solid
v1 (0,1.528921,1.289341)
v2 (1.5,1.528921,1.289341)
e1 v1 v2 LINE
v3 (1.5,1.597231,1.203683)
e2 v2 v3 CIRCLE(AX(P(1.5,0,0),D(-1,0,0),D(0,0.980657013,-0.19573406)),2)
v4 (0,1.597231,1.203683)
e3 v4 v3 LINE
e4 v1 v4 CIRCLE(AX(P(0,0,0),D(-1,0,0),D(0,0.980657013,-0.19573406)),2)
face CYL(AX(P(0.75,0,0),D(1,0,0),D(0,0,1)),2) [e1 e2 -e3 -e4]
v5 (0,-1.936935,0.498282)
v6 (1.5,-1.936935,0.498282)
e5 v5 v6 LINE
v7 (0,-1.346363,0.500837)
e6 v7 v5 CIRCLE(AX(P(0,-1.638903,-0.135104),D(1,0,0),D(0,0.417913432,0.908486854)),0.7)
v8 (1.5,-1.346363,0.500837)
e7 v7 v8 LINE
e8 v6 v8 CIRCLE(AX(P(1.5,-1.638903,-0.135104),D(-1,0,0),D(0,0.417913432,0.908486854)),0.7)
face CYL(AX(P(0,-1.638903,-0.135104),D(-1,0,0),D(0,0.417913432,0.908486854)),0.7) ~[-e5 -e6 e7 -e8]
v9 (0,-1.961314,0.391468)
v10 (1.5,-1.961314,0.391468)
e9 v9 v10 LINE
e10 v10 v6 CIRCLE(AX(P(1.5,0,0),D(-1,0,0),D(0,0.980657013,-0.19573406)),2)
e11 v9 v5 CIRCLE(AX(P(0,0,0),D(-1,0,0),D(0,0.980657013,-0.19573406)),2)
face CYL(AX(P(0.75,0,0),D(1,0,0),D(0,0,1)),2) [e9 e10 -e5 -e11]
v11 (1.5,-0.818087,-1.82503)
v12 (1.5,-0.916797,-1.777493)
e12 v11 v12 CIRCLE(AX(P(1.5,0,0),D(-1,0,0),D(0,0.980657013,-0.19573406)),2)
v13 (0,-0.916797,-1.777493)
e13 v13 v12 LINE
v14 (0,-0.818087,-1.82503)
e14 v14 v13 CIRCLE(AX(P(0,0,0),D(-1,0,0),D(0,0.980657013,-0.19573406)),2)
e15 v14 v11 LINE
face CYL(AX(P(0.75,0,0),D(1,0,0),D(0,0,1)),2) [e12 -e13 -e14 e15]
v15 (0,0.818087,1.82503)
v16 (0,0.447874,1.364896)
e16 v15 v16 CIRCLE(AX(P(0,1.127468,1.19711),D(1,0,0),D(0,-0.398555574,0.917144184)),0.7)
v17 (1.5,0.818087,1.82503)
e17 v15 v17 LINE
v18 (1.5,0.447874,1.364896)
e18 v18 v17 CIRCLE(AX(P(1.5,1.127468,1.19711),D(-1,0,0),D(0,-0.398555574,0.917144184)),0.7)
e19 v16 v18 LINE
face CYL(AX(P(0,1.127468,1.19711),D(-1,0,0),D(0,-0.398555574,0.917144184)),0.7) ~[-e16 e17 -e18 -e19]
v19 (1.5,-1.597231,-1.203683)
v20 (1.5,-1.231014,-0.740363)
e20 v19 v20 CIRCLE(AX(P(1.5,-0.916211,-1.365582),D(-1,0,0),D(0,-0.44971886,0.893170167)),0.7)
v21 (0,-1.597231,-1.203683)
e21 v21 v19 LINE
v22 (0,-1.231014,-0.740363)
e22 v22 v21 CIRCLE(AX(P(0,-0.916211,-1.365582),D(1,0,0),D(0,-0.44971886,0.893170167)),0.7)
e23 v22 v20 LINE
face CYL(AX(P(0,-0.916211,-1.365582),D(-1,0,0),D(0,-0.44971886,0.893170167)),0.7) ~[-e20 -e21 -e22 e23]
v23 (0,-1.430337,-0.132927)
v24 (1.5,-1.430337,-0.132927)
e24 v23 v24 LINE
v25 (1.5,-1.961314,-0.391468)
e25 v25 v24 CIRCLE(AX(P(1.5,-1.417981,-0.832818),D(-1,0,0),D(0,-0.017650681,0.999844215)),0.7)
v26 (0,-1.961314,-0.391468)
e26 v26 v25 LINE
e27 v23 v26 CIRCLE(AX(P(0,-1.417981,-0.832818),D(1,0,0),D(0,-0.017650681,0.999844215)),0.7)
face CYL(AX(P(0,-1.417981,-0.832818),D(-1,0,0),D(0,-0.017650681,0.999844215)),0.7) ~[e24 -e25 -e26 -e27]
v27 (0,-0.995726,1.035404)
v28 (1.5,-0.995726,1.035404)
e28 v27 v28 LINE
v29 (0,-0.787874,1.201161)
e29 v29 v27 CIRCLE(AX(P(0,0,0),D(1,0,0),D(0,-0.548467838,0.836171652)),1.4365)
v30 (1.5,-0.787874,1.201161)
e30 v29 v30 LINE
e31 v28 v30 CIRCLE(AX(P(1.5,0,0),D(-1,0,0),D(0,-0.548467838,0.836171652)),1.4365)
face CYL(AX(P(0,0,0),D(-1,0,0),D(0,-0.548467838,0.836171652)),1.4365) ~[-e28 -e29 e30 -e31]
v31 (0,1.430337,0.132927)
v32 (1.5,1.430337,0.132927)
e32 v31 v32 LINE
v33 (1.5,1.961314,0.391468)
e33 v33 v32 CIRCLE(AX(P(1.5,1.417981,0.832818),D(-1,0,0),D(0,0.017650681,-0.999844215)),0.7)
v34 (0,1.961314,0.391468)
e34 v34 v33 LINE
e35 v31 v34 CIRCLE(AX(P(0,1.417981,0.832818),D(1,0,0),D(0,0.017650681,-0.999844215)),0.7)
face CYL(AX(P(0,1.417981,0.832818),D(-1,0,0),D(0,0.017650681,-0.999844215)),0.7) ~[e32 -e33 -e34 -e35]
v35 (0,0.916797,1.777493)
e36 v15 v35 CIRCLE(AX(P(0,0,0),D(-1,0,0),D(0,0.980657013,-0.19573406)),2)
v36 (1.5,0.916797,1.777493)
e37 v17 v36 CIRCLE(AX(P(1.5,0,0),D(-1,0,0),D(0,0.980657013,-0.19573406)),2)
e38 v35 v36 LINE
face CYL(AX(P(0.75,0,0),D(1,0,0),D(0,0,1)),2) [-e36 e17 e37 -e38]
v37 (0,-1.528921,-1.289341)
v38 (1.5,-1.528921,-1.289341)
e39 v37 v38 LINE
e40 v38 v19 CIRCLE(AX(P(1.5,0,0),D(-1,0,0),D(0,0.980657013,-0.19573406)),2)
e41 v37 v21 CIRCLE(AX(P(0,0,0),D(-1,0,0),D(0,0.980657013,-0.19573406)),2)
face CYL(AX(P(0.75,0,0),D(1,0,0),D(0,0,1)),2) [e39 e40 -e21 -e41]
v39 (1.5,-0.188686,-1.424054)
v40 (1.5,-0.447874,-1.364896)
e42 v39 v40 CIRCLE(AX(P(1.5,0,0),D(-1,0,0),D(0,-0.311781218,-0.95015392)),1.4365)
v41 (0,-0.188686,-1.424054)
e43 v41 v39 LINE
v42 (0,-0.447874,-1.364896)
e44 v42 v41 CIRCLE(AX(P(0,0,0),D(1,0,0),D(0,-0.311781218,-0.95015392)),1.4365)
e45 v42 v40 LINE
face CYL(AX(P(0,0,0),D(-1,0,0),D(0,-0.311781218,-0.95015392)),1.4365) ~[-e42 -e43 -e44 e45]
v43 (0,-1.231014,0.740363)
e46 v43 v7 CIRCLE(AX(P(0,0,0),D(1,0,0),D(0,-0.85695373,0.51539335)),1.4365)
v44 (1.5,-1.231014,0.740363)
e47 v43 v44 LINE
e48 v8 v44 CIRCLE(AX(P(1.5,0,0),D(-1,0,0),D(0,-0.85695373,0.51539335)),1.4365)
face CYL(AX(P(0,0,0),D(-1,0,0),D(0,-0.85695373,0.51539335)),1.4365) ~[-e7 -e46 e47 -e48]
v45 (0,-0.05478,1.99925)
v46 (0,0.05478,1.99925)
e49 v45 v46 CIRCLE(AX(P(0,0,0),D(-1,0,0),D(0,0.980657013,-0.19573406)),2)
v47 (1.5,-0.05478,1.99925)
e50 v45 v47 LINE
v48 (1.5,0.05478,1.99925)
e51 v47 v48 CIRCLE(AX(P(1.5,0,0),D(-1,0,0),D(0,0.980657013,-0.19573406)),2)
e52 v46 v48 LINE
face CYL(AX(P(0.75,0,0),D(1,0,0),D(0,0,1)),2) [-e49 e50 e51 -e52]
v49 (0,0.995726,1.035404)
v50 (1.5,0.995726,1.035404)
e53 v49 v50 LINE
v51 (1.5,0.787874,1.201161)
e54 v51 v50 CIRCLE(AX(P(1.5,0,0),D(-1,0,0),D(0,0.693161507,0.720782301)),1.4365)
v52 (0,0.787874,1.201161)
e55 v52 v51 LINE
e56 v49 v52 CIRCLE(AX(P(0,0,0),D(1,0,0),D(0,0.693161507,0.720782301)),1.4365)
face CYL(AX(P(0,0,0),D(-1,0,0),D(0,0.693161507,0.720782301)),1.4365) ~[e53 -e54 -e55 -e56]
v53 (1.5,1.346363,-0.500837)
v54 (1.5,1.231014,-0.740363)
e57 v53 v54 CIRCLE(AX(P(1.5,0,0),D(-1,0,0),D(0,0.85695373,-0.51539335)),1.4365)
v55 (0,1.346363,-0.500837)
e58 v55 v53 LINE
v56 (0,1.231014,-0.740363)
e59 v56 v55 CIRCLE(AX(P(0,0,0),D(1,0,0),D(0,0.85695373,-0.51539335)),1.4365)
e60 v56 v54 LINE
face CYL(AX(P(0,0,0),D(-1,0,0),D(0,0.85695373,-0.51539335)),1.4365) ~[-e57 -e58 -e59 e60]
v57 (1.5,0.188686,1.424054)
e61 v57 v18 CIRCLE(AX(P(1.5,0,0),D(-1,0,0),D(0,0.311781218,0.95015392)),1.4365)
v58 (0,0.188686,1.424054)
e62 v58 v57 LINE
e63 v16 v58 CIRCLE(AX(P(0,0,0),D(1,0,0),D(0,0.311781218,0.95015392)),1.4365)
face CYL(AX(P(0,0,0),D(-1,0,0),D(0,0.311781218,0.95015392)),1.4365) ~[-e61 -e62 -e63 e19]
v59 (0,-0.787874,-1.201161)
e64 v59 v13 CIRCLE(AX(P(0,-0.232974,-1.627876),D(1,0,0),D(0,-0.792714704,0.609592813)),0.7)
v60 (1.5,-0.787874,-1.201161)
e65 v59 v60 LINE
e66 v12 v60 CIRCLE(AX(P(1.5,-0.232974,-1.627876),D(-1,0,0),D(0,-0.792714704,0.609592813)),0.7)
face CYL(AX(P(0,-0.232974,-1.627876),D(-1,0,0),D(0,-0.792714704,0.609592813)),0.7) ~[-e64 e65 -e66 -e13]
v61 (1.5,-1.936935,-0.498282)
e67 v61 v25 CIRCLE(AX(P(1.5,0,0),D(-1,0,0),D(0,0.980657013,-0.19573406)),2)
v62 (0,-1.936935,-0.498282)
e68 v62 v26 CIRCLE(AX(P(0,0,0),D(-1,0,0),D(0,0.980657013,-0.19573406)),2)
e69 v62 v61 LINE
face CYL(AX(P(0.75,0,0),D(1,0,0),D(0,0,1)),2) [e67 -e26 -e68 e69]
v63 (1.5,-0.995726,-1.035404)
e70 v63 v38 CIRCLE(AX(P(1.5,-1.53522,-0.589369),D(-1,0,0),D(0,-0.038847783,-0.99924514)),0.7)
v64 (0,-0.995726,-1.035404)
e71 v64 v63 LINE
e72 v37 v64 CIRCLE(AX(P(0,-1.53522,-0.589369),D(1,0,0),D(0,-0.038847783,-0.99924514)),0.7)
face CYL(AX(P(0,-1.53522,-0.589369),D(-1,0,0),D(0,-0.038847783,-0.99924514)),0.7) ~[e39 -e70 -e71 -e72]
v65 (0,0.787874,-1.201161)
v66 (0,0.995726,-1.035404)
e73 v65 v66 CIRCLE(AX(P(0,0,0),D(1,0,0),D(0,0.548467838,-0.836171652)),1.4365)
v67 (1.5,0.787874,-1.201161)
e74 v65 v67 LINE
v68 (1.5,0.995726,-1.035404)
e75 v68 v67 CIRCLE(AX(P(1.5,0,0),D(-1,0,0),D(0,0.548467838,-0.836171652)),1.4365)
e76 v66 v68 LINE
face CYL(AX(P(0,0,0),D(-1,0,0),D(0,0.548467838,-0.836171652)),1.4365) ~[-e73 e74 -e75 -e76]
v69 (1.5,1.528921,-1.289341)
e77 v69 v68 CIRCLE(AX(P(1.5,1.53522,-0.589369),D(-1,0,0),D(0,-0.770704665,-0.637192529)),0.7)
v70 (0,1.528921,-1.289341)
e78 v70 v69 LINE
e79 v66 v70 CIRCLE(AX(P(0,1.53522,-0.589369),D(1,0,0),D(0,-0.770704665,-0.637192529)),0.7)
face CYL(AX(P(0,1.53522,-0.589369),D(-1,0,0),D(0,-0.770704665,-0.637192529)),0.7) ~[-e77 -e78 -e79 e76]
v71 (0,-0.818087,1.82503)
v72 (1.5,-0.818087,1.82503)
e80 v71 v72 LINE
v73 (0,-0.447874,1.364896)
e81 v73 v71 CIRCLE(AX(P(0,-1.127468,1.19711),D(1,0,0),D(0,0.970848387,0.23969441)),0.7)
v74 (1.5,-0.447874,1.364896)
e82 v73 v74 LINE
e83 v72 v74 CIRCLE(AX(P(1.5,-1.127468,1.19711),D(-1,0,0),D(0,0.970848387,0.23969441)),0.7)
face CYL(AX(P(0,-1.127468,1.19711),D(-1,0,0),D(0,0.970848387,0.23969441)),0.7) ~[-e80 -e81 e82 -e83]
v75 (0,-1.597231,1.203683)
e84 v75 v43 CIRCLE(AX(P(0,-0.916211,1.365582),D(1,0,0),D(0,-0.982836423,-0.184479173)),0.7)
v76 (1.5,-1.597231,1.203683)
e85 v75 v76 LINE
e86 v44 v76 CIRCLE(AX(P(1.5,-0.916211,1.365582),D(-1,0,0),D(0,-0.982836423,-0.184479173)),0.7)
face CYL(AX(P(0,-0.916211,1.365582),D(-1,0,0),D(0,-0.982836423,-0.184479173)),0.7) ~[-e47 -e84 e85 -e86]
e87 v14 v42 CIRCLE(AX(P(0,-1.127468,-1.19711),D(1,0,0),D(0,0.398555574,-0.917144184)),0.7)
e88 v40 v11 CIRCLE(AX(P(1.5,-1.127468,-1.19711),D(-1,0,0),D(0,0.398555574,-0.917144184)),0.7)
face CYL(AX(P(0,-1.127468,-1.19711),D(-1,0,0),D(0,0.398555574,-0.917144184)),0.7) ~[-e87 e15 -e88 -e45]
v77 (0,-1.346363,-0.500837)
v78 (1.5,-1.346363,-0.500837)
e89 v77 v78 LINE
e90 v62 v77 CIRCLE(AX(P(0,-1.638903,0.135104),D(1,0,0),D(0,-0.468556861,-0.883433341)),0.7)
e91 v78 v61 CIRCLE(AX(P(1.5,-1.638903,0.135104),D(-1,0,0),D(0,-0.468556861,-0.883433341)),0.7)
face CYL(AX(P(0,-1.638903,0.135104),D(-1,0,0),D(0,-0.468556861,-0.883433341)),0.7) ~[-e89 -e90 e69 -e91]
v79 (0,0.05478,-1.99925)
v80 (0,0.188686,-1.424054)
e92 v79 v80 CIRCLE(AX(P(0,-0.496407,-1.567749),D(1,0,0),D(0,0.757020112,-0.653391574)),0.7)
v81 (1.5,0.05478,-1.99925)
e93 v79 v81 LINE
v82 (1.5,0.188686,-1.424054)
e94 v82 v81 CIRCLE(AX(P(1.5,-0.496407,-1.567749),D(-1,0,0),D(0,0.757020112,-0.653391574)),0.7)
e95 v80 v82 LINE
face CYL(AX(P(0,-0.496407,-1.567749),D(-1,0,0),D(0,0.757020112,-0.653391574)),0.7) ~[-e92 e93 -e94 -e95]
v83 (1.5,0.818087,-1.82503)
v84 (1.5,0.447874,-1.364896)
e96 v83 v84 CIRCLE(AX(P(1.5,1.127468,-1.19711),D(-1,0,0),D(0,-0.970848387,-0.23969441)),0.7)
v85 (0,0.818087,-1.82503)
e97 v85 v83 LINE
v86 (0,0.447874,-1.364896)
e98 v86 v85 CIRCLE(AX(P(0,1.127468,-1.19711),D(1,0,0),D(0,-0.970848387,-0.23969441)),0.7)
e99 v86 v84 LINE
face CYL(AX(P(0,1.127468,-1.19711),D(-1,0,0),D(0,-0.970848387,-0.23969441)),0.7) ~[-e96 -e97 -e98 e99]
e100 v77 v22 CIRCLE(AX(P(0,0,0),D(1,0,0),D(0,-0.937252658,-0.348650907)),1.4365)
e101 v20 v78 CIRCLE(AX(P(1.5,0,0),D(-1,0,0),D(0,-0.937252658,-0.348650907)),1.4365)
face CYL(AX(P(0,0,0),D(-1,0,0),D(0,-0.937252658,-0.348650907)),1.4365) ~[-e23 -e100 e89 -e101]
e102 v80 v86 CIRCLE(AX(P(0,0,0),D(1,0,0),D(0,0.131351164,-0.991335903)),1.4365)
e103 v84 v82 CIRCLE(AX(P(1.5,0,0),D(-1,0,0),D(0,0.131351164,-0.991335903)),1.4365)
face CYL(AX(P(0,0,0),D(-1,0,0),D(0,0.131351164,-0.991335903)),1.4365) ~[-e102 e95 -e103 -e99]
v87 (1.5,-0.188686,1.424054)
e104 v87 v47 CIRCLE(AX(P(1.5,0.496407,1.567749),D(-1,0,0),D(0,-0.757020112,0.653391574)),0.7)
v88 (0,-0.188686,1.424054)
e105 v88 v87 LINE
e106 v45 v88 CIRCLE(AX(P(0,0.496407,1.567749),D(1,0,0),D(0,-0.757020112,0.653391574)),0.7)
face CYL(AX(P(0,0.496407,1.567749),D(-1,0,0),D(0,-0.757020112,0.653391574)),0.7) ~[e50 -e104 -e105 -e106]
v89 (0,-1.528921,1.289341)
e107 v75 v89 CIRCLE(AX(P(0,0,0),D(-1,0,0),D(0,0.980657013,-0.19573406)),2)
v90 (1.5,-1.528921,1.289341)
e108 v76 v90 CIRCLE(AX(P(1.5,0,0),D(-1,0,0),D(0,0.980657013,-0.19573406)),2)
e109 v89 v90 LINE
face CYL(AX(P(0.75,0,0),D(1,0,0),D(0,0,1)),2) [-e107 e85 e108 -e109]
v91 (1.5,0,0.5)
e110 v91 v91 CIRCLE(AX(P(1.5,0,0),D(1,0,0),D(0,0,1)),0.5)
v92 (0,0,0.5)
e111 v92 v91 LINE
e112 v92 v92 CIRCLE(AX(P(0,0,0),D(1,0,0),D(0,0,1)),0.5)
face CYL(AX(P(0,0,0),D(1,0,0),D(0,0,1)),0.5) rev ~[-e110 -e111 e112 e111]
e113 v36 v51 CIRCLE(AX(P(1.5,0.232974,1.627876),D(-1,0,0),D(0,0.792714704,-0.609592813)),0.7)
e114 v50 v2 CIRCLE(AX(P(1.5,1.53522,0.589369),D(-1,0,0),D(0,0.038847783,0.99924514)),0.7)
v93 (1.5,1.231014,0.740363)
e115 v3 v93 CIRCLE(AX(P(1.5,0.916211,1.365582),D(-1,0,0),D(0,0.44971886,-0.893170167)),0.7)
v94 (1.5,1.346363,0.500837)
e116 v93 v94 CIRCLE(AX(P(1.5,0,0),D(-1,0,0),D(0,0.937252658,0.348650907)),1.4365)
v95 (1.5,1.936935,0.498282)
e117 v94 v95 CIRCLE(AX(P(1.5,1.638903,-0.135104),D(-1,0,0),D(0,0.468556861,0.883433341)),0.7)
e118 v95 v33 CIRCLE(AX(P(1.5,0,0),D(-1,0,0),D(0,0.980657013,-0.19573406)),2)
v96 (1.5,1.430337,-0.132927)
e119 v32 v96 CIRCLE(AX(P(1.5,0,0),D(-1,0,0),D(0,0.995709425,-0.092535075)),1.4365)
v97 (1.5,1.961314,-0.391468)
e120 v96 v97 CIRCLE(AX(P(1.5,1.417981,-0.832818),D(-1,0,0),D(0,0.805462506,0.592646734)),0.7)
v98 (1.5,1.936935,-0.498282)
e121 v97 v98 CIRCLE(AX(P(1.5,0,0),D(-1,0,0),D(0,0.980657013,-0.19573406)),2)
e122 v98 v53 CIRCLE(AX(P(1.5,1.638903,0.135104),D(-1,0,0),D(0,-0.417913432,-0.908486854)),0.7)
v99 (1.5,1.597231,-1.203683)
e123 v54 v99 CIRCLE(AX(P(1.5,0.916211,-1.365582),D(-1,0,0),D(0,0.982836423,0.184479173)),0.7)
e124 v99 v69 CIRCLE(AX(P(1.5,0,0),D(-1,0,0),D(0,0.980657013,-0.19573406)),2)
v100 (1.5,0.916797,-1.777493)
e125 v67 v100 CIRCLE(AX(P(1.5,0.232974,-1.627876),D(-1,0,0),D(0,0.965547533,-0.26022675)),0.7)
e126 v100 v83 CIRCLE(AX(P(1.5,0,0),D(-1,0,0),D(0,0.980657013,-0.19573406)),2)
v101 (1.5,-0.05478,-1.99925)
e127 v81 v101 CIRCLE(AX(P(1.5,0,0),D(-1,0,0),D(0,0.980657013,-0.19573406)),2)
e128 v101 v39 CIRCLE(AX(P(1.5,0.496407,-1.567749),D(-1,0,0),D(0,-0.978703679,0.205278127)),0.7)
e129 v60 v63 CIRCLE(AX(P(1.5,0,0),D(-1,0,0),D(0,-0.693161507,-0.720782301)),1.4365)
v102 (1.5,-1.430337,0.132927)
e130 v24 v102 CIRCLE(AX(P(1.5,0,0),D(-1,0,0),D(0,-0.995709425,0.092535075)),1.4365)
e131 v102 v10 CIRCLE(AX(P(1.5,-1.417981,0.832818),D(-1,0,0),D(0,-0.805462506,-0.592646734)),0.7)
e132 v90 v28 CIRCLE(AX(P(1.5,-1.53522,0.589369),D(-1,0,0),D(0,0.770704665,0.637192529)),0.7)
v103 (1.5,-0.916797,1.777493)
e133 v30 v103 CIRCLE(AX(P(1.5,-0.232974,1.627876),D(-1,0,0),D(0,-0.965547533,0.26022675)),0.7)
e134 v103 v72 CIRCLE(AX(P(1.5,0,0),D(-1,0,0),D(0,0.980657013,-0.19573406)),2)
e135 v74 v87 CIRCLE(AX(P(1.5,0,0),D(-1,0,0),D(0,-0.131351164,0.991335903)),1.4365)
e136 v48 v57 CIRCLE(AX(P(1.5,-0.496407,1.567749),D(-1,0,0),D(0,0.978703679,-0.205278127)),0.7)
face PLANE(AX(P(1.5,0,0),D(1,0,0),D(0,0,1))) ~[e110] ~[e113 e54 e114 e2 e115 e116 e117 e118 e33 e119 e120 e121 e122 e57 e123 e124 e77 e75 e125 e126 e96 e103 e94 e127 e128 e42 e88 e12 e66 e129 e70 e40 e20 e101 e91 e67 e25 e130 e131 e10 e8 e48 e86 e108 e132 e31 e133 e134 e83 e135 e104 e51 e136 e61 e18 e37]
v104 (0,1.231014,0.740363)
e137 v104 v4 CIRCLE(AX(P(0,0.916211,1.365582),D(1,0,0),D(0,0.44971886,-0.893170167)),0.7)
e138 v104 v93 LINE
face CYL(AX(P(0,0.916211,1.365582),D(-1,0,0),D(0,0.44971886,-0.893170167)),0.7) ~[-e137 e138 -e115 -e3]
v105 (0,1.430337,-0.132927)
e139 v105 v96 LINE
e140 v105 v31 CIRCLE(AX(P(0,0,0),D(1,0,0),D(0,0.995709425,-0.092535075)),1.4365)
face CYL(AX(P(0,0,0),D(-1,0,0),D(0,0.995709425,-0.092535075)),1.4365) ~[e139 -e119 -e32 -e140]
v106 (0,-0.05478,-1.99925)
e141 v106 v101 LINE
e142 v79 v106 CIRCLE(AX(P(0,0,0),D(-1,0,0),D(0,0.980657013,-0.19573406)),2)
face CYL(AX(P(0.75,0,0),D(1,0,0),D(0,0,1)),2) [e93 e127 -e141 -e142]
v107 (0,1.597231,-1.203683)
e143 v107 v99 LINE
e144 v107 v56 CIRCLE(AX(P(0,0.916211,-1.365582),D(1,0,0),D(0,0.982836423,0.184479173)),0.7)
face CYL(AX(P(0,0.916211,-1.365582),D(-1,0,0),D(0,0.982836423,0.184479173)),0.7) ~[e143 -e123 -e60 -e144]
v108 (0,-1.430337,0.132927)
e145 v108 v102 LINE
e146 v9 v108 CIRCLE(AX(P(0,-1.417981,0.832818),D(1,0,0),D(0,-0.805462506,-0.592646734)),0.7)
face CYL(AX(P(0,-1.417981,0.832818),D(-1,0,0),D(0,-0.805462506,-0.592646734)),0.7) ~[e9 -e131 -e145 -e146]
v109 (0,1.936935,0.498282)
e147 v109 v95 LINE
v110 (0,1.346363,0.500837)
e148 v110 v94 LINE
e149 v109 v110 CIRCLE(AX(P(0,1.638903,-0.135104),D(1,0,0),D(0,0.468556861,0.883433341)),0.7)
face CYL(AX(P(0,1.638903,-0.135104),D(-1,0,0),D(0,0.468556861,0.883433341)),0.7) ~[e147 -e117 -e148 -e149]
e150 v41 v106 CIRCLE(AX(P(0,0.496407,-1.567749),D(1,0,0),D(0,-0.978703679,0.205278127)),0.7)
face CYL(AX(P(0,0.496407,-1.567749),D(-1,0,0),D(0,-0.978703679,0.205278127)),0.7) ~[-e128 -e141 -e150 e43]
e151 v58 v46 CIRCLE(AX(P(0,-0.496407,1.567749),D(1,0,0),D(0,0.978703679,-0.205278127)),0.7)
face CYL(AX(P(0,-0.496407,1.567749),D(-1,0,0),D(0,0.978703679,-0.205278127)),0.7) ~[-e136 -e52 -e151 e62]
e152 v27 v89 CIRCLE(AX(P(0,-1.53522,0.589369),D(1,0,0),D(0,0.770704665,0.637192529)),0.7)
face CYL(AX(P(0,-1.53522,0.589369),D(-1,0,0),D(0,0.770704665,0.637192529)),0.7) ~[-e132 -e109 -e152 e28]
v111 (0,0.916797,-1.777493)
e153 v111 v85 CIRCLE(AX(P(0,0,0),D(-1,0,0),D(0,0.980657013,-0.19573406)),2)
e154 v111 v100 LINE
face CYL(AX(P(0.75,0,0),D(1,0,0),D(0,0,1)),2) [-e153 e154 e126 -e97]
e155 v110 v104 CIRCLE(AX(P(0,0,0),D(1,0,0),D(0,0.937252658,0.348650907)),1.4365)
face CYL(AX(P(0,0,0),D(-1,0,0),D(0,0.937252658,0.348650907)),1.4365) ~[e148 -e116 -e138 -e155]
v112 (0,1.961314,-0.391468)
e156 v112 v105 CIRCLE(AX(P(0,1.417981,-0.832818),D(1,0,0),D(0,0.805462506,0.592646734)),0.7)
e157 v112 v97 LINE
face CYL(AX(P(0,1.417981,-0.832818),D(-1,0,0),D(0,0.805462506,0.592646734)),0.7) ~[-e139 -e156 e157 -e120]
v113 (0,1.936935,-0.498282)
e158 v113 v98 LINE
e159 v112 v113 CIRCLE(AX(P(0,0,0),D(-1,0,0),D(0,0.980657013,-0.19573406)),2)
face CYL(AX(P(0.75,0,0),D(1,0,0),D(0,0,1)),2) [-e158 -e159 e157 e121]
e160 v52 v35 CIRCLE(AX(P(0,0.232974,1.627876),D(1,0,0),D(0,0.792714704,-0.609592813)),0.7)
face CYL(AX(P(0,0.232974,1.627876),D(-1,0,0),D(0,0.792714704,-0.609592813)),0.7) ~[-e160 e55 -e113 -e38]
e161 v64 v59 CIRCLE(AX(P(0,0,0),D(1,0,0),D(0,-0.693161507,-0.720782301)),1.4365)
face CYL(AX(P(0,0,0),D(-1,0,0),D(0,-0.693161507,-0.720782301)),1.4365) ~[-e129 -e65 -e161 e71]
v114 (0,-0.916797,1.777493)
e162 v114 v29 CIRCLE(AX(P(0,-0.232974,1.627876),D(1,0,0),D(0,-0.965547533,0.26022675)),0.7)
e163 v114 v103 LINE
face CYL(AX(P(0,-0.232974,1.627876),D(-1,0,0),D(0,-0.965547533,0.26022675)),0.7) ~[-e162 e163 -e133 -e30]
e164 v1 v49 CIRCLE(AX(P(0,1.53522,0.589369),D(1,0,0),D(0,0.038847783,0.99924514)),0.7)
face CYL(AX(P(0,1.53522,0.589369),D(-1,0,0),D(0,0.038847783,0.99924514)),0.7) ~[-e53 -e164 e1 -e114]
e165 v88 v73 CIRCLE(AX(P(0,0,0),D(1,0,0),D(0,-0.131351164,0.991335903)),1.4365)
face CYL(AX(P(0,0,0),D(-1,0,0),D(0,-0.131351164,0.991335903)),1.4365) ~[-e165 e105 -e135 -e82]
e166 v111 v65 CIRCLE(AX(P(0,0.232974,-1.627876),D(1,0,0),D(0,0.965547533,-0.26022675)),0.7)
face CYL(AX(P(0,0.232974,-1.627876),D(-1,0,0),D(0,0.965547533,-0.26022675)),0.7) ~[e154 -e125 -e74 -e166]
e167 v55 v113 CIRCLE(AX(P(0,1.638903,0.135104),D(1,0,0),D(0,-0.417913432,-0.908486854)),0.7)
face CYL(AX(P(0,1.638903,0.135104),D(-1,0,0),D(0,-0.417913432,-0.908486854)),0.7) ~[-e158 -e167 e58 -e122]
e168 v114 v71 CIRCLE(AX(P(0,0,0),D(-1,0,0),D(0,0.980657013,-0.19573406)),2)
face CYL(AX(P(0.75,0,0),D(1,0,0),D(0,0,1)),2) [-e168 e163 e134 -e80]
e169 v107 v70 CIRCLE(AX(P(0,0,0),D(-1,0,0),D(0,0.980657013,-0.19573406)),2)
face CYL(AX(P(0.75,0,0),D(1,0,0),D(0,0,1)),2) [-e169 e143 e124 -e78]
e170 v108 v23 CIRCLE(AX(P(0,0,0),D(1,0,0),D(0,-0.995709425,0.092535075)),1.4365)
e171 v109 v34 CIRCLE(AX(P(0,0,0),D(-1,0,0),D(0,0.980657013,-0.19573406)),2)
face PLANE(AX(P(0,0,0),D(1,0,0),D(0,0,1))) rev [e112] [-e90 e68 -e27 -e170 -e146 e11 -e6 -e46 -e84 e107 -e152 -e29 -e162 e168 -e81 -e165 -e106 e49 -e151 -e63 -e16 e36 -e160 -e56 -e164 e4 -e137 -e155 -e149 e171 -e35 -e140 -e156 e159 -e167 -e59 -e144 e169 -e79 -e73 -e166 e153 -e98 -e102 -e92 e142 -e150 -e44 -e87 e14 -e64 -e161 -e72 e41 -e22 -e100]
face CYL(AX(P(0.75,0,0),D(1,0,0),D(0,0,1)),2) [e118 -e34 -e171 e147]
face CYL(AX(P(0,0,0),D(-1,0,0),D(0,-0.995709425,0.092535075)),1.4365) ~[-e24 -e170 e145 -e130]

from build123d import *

# Parameters (mm, degrees)
BASPROSKE_W     = 1.5
BASPROSKE_H     = 2
TOOTHCUT_DEPTH  = 4.201562119
TEETHCUTS_COUNT = 14
TEETHCUTS_ANGLE = 334.285714286
BORSKE_R        = 0.5
BORE_DEPTH      = 50.0000508


with BuildPart() as part:
    # BasProSke → Base-Revolve (revolve)
    with BuildSketch(Plane(origin=(0, 0, 0), x_dir=(1, 0, 0), z_dir=(0, 1, 0)), mode=Mode.PRIVATE) as base_revolve_sk:
        with Locations((0.75, 1)):
            Rectangle(BASPROSKE_W, BASPROSKE_H)
    revolve(base_revolve_sk.sketch.rotate(Axis((-10, 0, 0), (1, 0, 0)), 180), axis=Axis((-10, 0, 0), (1, 0, 0)))

    # TooCutSke → ToothCut (cut, through all)
    with BuildSketch(Plane(origin=(0, 0, 0), x_dir=(0, 0, -1), z_dir=(1, 0, 0))):
        with BuildLine():
            ThreePointArc((0.132926628, 1.43033659), (0, 1.4365), (-0.132926628, 1.43033659))
            ThreePointArc((-0.132926628, 1.43033659), (-0.210971396, 1.739395683), (-0.417964864, 1.981804867))
            ThreePointArc((-0.417964864, 1.981804867), (0, 2.0254), (0.417964864, 1.981804867))
            ThreePointArc((0.417964864, 1.981804867), (0.210971396, 1.739395683), (0.132926628, 1.43033659))
        make_face()
    toothcut = extrude(amount=TOOTHCUT_DEPTH, mode=Mode.SUBTRACT)

    # TeethCuts: ToothCut ×14 about axis
    teethcuts_axis = Axis((-10, 0, 0), (1, 0, 0))
    for i in range(1, TEETHCUTS_COUNT):
        add(toothcut.rotate(teethcuts_axis, i * TEETHCUTS_ANGLE / (TEETHCUTS_COUNT - 1)), mode=Mode.SUBTRACT)

    # BorSke → Bore (cut, symmetric)
    with BuildSketch(Plane(origin=(0, 0, 0), x_dir=(0, 0, -1), z_dir=(1, 0, 0))):
        with Locations(Location((0, 0, 0), (0, 0, 180))):
            Circle(BORSKE_R)
    extrude(amount=BORE_DEPTH, both=True, mode=Mode.SUBTRACT)


solid = part.part
